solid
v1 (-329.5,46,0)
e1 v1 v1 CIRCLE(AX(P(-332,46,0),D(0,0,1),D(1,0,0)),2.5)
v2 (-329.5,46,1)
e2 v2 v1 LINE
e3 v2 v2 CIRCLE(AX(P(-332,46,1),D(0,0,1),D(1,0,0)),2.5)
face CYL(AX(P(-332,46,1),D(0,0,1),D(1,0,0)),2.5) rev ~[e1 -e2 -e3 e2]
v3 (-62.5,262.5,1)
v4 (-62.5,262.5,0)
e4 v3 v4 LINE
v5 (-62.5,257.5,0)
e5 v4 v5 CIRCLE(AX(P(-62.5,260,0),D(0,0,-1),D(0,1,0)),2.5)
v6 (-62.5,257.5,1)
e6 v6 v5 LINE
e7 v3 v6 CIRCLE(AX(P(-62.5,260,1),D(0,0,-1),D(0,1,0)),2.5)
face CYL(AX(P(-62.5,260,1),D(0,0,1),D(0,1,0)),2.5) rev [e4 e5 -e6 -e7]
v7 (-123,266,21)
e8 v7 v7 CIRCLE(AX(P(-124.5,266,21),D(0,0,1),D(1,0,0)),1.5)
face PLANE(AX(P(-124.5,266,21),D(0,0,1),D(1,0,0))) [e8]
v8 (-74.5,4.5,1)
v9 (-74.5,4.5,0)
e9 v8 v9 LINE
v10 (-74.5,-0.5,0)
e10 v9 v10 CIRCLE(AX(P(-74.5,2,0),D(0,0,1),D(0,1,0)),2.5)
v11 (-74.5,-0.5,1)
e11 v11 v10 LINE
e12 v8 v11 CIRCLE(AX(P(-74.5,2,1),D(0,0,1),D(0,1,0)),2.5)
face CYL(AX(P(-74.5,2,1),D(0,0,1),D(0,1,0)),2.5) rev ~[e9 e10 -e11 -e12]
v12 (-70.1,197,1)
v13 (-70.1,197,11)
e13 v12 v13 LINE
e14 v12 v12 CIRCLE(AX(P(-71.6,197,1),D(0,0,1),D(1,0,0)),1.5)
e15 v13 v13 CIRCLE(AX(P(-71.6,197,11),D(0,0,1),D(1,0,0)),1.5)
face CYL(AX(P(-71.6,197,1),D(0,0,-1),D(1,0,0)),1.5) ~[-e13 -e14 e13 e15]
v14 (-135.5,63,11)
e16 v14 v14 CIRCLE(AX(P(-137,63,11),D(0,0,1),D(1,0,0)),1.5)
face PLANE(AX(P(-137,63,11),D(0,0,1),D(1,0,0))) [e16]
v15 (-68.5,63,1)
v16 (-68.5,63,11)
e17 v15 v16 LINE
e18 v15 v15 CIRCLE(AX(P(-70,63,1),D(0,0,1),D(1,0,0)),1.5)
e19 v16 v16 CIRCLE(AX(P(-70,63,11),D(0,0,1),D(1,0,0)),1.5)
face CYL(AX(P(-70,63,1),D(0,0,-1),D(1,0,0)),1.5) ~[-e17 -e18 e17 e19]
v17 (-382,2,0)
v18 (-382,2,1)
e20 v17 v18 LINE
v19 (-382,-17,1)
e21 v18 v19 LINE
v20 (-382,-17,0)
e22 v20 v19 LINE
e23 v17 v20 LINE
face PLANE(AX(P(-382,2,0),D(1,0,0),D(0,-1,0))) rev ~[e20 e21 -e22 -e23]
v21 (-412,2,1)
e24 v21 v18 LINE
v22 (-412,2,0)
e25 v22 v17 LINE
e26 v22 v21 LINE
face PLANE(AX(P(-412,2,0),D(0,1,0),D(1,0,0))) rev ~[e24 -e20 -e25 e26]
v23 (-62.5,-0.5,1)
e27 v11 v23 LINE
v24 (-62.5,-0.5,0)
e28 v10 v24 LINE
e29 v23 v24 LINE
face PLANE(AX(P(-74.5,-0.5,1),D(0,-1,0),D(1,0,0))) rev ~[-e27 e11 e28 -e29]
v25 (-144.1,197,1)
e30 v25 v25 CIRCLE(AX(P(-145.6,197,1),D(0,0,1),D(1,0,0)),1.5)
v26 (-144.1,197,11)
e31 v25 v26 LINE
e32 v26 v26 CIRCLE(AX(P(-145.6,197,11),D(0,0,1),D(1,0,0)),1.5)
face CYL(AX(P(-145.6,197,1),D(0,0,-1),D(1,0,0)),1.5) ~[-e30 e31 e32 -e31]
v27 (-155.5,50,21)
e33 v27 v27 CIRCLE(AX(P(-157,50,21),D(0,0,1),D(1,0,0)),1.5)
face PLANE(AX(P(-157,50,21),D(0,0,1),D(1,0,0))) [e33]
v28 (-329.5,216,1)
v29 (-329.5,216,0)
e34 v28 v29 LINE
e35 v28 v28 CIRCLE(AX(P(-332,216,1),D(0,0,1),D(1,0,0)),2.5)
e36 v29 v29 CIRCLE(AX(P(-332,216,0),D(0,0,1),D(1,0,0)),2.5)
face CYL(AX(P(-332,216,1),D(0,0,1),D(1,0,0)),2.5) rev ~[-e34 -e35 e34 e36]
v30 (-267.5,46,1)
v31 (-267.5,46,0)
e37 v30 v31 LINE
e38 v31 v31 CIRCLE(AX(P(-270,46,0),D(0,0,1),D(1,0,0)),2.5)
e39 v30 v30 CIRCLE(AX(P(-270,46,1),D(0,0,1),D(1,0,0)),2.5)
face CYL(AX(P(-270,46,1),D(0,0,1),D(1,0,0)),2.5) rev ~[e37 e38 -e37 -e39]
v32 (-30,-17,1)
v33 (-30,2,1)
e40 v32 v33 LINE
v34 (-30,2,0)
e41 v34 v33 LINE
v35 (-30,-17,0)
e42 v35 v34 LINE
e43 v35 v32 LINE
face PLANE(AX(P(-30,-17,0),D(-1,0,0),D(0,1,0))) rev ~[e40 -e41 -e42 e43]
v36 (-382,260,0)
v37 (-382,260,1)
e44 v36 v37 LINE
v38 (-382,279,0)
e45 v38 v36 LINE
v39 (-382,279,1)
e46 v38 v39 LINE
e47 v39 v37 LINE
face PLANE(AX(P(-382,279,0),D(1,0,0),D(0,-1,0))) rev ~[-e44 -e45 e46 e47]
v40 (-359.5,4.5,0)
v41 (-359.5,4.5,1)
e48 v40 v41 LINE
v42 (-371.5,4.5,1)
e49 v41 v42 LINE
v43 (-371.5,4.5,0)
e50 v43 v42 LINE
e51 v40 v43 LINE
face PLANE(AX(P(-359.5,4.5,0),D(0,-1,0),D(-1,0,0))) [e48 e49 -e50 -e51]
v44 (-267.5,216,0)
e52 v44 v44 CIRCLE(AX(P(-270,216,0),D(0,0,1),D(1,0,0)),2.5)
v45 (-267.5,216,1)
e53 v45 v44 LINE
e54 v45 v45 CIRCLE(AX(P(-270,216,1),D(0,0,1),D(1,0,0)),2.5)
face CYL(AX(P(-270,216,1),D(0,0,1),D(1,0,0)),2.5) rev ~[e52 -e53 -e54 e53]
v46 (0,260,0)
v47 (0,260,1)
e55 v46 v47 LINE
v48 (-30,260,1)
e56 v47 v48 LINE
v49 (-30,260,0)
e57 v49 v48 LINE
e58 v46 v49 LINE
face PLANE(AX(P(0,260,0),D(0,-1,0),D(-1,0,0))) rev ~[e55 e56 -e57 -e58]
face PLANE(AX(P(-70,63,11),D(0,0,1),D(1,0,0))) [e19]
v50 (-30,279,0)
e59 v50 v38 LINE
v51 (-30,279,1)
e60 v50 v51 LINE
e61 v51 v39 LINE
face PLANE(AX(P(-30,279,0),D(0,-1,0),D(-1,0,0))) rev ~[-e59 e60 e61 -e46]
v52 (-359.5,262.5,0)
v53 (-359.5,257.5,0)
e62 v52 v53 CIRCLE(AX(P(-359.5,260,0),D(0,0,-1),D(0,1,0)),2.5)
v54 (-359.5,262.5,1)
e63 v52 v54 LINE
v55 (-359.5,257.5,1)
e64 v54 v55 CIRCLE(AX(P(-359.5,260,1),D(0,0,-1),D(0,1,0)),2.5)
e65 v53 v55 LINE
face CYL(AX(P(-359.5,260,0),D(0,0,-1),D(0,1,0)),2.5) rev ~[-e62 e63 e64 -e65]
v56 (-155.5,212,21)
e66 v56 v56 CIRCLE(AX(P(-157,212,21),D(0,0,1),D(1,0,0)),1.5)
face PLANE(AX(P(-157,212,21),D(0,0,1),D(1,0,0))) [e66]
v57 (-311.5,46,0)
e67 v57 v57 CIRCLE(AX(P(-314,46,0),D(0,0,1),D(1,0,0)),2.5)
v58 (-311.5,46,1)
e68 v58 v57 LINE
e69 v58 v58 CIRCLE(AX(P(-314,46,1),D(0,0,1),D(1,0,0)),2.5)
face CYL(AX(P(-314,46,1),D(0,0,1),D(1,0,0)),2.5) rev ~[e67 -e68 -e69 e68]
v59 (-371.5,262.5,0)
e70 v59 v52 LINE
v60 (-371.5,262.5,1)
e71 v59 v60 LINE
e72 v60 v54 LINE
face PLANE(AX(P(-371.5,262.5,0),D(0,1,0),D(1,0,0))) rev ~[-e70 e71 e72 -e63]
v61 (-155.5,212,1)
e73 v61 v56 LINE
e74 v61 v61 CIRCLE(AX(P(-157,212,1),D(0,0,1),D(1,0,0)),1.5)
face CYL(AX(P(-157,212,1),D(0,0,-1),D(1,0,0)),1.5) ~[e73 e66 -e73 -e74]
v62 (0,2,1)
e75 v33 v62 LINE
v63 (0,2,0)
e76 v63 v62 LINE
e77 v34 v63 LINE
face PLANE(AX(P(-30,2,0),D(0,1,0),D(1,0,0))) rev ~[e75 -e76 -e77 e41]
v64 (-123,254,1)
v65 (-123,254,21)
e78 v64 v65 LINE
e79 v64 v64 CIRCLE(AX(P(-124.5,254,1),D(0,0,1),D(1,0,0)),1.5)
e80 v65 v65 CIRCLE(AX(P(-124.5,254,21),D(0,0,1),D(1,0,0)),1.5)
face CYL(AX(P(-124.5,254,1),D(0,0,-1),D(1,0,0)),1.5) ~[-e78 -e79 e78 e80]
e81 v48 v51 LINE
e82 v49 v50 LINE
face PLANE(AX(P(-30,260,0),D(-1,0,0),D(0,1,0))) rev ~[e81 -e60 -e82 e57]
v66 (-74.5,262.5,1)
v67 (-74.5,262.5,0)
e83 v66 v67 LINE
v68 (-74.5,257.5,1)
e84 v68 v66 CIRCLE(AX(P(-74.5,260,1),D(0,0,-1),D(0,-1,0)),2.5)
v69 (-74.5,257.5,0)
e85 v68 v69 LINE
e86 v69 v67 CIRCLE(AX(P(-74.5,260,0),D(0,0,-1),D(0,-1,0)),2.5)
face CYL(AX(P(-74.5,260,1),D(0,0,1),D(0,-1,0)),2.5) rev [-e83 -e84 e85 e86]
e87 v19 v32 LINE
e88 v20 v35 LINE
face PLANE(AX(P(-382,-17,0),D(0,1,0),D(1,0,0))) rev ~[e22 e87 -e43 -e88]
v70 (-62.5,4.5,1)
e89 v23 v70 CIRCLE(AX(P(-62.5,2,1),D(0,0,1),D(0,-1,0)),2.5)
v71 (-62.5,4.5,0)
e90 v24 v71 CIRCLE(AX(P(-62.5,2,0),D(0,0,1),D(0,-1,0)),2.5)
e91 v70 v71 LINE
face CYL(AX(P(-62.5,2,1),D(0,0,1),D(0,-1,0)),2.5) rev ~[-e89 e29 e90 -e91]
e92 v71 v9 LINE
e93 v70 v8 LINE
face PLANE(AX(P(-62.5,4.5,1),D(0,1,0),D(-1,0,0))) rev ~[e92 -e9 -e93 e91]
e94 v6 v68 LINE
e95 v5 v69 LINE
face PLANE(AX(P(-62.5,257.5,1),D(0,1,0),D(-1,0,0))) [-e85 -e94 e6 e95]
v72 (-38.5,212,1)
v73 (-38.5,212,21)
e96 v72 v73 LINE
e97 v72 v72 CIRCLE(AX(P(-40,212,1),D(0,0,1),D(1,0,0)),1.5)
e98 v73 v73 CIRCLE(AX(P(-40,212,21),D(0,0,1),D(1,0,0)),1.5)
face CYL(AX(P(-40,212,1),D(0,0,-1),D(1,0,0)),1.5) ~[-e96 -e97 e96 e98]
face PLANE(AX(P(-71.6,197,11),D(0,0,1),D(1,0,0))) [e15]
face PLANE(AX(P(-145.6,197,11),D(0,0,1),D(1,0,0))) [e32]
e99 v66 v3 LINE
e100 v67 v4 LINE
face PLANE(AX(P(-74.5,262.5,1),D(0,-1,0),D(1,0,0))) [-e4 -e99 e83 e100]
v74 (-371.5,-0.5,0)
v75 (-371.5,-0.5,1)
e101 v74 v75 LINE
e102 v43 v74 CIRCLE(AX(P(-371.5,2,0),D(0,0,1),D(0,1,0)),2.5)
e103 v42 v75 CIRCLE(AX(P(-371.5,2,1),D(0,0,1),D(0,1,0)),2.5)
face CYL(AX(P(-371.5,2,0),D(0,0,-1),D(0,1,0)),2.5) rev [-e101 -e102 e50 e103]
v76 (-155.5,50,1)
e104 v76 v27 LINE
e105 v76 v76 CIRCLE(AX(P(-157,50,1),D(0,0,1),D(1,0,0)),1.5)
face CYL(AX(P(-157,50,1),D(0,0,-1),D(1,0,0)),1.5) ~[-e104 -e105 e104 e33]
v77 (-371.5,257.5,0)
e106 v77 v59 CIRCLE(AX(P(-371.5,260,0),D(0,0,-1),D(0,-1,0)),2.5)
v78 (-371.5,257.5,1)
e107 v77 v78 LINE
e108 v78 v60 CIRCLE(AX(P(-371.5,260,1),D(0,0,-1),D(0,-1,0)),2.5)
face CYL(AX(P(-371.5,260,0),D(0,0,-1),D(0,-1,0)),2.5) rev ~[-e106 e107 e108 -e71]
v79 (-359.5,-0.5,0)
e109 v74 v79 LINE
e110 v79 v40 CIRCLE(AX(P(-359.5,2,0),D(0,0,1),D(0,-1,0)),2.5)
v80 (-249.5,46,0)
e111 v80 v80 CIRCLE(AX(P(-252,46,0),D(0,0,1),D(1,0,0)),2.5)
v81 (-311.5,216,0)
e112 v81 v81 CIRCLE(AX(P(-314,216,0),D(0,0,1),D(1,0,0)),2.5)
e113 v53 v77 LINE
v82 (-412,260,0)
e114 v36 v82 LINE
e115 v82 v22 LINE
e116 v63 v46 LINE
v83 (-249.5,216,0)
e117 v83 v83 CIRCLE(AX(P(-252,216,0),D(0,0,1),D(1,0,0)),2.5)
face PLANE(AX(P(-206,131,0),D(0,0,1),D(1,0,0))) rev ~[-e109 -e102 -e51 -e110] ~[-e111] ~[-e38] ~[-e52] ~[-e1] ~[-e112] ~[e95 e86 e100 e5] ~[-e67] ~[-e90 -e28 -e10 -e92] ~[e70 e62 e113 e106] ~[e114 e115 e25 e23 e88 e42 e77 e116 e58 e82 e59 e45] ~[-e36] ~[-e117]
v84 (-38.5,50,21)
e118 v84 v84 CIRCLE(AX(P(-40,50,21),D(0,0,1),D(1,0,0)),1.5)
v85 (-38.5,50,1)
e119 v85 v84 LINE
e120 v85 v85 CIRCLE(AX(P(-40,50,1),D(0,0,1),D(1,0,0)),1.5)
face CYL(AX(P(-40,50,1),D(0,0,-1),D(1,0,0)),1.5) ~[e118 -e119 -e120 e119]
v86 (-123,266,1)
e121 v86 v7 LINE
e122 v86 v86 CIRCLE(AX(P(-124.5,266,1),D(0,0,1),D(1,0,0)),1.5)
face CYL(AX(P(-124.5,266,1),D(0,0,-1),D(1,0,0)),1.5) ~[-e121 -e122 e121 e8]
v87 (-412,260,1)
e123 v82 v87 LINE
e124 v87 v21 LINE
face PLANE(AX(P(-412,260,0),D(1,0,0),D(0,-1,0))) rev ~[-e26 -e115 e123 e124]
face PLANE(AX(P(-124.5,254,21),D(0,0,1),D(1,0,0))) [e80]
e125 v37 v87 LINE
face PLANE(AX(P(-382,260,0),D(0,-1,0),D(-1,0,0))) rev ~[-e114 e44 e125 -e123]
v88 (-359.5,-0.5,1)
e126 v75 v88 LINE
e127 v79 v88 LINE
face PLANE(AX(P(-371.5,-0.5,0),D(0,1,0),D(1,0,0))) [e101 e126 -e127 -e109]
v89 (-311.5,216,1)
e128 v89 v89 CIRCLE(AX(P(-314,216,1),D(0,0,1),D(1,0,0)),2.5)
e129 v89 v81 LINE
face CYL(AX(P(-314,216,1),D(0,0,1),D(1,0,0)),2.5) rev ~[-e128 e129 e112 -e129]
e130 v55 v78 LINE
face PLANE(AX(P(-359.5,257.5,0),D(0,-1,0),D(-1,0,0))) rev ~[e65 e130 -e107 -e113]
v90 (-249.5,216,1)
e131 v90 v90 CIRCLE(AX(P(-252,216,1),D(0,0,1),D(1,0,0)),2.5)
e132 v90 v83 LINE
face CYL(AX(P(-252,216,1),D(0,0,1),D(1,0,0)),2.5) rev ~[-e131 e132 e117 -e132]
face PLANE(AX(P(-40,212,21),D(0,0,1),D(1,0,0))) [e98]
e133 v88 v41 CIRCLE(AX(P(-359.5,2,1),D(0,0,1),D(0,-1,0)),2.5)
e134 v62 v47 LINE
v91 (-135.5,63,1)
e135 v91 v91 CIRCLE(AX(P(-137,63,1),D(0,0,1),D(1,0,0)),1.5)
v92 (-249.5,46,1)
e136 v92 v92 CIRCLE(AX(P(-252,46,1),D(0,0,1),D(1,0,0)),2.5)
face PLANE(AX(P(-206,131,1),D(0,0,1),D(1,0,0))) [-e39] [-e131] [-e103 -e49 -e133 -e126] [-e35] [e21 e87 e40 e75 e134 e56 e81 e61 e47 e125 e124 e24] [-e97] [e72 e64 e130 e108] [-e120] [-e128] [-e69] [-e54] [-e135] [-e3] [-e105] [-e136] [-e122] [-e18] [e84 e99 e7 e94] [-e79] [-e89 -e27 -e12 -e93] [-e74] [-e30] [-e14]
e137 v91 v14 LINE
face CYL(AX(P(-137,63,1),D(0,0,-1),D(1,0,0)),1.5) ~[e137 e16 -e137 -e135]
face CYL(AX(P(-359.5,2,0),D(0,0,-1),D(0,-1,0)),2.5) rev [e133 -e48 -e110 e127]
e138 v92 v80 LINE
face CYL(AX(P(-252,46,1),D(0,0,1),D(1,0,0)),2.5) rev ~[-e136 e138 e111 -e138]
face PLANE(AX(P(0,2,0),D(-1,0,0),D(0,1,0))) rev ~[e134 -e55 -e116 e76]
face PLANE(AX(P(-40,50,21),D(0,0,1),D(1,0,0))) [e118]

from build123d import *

# Parameters (mm, degrees)
SALIENTE_EXTRUIR1_DEPTH = 1
CORTAR_EXTRUIR1_DEPTH   = 1
CROQUIS3_R              = 1.5
SALIENTE_EXTRUIR5_DEPTH = 20
CROQUIS4_R              = 1.5
SALIENTE_EXTRUIR6_DEPTH = 10
CROQUIS5_R              = 2.5
CORTAR_EXTRUIR2_DEPTH   = 1
CROQUIS7_R              = 1.5
SALIENTE_EXTRUIR7_DEPTH = 20


with BuildPart() as part:
    # Croquis1 → Saliente-Extruir1 (new body)
    with BuildSketch(Plane.XY):
        Polygon((-30, 279), (-382, 279), (-382, 260), (-412, 260), (-412, 2), (-382, 2), (-382, -17), (-30, -17), (-30, 2), (0, 2), (0, 260), (-30, 260), align=None)
        with BuildLine():
            Line((-371.5, 262.5), (-359.5, 262.5))
            ThreePointArc((-359.5, 262.5), (-357, 260), (-359.5, 257.5))
            Line((-359.5, 257.5), (-371.5, 257.5))
            ThreePointArc((-371.5, 257.5), (-374, 260), (-371.5, 262.5))
        make_face(mode=Mode.SUBTRACT)
        with BuildLine():
            Line((-371.5, -0.5), (-359.5, -0.5))
            ThreePointArc((-359.5, -0.5), (-357, 2), (-359.5, 4.5))
            Line((-359.5, 4.5), (-371.5, 4.5))
            ThreePointArc((-371.5, 4.5), (-374, 2), (-371.5, -0.5))
        make_face(mode=Mode.SUBTRACT)
    extrude(amount=SALIENTE_EXTRUIR1_DEPTH)

    # Croquis2 → Cortar-Extruir1 (cut)
    with BuildSketch(Plane.XY.offset(1)):
        with BuildLine():
            Line((-62.5, 257.5), (-74.5, 257.5))
            ThreePointArc((-74.5, 257.5), (-77, 260), (-74.5, 262.5))
            Line((-74.5, 262.5), (-62.5, 262.5))
            ThreePointArc((-62.5, 262.5), (-60, 260), (-62.5, 257.5))
        make_face()
        with BuildLine():
            Line((-62.5, 4.5), (-74.5, 4.5))
            ThreePointArc((-74.5, 4.5), (-77, 2), (-74.5, -0.5))
            Line((-74.5, -0.5), (-62.5, -0.5))
            ThreePointArc((-62.5, -0.5), (-60, 2), (-62.5, 4.5))
        make_face()
    extrude(amount=-CORTAR_EXTRUIR1_DEPTH, mode=Mode.SUBTRACT)

    # Croquis3 → Saliente-Extruir5 (add)
    with BuildSketch(Plane.XY.offset(1)):
        with Locations((-40, 212)):
            Circle(CROQUIS3_R)
        with Locations((-40, 50)):
            Circle(CROQUIS3_R)
        with Locations((-157, 50)):
            Circle(CROQUIS3_R)
        with Locations((-157, 212)):
            Circle(CROQUIS3_R)
    extrude(amount=SALIENTE_EXTRUIR5_DEPTH)

    # Croquis4 → Saliente-Extruir6 (add)
    with BuildSketch(Plane.XY.offset(1)):
        with Locations((-71.6, 197)):
            Circle(CROQUIS4_R)
        with Locations((-70, 63)):
            Circle(CROQUIS4_R)
        with Locations((-137, 63)):
            Circle(CROQUIS4_R)
        with Locations((-145.6, 197)):
            Circle(CROQUIS4_R)
    extrude(amount=SALIENTE_EXTRUIR6_DEPTH)

    # Croquis5 → Cortar-Extruir2 (cut)
    with BuildSketch(Plane.XY.offset(1)):
        with Locations((-332, 216)):
            Circle(CROQUIS5_R)
        with Locations((-332, 46)):
            Circle(CROQUIS5_R)
        with Locations((-314, 216)):
            Circle(CROQUIS5_R)
        with Locations((-314, 46)):
            Circle(CROQUIS5_R)
        with Locations((-270, 46)):
            Circle(CROQUIS5_R)
        with Locations((-252, 46)):
            Circle(CROQUIS5_R)
        with Locations((-270, 216)):
            Circle(CROQUIS5_R)
        with Locations((-252, 216)):
            Circle(CROQUIS5_R)
    extrude(amount=-CORTAR_EXTRUIR2_DEPTH, mode=Mode.SUBTRACT)

    # Croquis7 → Saliente-Extruir7 (add)
    with BuildSketch(Plane.XY.offset(1)):
        with Locations((-124.5, 266)):
            Circle(CROQUIS7_R)
        with Locations((-124.5, 254)):
            Circle(CROQUIS7_R)
    extrude(amount=SALIENTE_EXTRUIR7_DEPTH)


solid = part.part
